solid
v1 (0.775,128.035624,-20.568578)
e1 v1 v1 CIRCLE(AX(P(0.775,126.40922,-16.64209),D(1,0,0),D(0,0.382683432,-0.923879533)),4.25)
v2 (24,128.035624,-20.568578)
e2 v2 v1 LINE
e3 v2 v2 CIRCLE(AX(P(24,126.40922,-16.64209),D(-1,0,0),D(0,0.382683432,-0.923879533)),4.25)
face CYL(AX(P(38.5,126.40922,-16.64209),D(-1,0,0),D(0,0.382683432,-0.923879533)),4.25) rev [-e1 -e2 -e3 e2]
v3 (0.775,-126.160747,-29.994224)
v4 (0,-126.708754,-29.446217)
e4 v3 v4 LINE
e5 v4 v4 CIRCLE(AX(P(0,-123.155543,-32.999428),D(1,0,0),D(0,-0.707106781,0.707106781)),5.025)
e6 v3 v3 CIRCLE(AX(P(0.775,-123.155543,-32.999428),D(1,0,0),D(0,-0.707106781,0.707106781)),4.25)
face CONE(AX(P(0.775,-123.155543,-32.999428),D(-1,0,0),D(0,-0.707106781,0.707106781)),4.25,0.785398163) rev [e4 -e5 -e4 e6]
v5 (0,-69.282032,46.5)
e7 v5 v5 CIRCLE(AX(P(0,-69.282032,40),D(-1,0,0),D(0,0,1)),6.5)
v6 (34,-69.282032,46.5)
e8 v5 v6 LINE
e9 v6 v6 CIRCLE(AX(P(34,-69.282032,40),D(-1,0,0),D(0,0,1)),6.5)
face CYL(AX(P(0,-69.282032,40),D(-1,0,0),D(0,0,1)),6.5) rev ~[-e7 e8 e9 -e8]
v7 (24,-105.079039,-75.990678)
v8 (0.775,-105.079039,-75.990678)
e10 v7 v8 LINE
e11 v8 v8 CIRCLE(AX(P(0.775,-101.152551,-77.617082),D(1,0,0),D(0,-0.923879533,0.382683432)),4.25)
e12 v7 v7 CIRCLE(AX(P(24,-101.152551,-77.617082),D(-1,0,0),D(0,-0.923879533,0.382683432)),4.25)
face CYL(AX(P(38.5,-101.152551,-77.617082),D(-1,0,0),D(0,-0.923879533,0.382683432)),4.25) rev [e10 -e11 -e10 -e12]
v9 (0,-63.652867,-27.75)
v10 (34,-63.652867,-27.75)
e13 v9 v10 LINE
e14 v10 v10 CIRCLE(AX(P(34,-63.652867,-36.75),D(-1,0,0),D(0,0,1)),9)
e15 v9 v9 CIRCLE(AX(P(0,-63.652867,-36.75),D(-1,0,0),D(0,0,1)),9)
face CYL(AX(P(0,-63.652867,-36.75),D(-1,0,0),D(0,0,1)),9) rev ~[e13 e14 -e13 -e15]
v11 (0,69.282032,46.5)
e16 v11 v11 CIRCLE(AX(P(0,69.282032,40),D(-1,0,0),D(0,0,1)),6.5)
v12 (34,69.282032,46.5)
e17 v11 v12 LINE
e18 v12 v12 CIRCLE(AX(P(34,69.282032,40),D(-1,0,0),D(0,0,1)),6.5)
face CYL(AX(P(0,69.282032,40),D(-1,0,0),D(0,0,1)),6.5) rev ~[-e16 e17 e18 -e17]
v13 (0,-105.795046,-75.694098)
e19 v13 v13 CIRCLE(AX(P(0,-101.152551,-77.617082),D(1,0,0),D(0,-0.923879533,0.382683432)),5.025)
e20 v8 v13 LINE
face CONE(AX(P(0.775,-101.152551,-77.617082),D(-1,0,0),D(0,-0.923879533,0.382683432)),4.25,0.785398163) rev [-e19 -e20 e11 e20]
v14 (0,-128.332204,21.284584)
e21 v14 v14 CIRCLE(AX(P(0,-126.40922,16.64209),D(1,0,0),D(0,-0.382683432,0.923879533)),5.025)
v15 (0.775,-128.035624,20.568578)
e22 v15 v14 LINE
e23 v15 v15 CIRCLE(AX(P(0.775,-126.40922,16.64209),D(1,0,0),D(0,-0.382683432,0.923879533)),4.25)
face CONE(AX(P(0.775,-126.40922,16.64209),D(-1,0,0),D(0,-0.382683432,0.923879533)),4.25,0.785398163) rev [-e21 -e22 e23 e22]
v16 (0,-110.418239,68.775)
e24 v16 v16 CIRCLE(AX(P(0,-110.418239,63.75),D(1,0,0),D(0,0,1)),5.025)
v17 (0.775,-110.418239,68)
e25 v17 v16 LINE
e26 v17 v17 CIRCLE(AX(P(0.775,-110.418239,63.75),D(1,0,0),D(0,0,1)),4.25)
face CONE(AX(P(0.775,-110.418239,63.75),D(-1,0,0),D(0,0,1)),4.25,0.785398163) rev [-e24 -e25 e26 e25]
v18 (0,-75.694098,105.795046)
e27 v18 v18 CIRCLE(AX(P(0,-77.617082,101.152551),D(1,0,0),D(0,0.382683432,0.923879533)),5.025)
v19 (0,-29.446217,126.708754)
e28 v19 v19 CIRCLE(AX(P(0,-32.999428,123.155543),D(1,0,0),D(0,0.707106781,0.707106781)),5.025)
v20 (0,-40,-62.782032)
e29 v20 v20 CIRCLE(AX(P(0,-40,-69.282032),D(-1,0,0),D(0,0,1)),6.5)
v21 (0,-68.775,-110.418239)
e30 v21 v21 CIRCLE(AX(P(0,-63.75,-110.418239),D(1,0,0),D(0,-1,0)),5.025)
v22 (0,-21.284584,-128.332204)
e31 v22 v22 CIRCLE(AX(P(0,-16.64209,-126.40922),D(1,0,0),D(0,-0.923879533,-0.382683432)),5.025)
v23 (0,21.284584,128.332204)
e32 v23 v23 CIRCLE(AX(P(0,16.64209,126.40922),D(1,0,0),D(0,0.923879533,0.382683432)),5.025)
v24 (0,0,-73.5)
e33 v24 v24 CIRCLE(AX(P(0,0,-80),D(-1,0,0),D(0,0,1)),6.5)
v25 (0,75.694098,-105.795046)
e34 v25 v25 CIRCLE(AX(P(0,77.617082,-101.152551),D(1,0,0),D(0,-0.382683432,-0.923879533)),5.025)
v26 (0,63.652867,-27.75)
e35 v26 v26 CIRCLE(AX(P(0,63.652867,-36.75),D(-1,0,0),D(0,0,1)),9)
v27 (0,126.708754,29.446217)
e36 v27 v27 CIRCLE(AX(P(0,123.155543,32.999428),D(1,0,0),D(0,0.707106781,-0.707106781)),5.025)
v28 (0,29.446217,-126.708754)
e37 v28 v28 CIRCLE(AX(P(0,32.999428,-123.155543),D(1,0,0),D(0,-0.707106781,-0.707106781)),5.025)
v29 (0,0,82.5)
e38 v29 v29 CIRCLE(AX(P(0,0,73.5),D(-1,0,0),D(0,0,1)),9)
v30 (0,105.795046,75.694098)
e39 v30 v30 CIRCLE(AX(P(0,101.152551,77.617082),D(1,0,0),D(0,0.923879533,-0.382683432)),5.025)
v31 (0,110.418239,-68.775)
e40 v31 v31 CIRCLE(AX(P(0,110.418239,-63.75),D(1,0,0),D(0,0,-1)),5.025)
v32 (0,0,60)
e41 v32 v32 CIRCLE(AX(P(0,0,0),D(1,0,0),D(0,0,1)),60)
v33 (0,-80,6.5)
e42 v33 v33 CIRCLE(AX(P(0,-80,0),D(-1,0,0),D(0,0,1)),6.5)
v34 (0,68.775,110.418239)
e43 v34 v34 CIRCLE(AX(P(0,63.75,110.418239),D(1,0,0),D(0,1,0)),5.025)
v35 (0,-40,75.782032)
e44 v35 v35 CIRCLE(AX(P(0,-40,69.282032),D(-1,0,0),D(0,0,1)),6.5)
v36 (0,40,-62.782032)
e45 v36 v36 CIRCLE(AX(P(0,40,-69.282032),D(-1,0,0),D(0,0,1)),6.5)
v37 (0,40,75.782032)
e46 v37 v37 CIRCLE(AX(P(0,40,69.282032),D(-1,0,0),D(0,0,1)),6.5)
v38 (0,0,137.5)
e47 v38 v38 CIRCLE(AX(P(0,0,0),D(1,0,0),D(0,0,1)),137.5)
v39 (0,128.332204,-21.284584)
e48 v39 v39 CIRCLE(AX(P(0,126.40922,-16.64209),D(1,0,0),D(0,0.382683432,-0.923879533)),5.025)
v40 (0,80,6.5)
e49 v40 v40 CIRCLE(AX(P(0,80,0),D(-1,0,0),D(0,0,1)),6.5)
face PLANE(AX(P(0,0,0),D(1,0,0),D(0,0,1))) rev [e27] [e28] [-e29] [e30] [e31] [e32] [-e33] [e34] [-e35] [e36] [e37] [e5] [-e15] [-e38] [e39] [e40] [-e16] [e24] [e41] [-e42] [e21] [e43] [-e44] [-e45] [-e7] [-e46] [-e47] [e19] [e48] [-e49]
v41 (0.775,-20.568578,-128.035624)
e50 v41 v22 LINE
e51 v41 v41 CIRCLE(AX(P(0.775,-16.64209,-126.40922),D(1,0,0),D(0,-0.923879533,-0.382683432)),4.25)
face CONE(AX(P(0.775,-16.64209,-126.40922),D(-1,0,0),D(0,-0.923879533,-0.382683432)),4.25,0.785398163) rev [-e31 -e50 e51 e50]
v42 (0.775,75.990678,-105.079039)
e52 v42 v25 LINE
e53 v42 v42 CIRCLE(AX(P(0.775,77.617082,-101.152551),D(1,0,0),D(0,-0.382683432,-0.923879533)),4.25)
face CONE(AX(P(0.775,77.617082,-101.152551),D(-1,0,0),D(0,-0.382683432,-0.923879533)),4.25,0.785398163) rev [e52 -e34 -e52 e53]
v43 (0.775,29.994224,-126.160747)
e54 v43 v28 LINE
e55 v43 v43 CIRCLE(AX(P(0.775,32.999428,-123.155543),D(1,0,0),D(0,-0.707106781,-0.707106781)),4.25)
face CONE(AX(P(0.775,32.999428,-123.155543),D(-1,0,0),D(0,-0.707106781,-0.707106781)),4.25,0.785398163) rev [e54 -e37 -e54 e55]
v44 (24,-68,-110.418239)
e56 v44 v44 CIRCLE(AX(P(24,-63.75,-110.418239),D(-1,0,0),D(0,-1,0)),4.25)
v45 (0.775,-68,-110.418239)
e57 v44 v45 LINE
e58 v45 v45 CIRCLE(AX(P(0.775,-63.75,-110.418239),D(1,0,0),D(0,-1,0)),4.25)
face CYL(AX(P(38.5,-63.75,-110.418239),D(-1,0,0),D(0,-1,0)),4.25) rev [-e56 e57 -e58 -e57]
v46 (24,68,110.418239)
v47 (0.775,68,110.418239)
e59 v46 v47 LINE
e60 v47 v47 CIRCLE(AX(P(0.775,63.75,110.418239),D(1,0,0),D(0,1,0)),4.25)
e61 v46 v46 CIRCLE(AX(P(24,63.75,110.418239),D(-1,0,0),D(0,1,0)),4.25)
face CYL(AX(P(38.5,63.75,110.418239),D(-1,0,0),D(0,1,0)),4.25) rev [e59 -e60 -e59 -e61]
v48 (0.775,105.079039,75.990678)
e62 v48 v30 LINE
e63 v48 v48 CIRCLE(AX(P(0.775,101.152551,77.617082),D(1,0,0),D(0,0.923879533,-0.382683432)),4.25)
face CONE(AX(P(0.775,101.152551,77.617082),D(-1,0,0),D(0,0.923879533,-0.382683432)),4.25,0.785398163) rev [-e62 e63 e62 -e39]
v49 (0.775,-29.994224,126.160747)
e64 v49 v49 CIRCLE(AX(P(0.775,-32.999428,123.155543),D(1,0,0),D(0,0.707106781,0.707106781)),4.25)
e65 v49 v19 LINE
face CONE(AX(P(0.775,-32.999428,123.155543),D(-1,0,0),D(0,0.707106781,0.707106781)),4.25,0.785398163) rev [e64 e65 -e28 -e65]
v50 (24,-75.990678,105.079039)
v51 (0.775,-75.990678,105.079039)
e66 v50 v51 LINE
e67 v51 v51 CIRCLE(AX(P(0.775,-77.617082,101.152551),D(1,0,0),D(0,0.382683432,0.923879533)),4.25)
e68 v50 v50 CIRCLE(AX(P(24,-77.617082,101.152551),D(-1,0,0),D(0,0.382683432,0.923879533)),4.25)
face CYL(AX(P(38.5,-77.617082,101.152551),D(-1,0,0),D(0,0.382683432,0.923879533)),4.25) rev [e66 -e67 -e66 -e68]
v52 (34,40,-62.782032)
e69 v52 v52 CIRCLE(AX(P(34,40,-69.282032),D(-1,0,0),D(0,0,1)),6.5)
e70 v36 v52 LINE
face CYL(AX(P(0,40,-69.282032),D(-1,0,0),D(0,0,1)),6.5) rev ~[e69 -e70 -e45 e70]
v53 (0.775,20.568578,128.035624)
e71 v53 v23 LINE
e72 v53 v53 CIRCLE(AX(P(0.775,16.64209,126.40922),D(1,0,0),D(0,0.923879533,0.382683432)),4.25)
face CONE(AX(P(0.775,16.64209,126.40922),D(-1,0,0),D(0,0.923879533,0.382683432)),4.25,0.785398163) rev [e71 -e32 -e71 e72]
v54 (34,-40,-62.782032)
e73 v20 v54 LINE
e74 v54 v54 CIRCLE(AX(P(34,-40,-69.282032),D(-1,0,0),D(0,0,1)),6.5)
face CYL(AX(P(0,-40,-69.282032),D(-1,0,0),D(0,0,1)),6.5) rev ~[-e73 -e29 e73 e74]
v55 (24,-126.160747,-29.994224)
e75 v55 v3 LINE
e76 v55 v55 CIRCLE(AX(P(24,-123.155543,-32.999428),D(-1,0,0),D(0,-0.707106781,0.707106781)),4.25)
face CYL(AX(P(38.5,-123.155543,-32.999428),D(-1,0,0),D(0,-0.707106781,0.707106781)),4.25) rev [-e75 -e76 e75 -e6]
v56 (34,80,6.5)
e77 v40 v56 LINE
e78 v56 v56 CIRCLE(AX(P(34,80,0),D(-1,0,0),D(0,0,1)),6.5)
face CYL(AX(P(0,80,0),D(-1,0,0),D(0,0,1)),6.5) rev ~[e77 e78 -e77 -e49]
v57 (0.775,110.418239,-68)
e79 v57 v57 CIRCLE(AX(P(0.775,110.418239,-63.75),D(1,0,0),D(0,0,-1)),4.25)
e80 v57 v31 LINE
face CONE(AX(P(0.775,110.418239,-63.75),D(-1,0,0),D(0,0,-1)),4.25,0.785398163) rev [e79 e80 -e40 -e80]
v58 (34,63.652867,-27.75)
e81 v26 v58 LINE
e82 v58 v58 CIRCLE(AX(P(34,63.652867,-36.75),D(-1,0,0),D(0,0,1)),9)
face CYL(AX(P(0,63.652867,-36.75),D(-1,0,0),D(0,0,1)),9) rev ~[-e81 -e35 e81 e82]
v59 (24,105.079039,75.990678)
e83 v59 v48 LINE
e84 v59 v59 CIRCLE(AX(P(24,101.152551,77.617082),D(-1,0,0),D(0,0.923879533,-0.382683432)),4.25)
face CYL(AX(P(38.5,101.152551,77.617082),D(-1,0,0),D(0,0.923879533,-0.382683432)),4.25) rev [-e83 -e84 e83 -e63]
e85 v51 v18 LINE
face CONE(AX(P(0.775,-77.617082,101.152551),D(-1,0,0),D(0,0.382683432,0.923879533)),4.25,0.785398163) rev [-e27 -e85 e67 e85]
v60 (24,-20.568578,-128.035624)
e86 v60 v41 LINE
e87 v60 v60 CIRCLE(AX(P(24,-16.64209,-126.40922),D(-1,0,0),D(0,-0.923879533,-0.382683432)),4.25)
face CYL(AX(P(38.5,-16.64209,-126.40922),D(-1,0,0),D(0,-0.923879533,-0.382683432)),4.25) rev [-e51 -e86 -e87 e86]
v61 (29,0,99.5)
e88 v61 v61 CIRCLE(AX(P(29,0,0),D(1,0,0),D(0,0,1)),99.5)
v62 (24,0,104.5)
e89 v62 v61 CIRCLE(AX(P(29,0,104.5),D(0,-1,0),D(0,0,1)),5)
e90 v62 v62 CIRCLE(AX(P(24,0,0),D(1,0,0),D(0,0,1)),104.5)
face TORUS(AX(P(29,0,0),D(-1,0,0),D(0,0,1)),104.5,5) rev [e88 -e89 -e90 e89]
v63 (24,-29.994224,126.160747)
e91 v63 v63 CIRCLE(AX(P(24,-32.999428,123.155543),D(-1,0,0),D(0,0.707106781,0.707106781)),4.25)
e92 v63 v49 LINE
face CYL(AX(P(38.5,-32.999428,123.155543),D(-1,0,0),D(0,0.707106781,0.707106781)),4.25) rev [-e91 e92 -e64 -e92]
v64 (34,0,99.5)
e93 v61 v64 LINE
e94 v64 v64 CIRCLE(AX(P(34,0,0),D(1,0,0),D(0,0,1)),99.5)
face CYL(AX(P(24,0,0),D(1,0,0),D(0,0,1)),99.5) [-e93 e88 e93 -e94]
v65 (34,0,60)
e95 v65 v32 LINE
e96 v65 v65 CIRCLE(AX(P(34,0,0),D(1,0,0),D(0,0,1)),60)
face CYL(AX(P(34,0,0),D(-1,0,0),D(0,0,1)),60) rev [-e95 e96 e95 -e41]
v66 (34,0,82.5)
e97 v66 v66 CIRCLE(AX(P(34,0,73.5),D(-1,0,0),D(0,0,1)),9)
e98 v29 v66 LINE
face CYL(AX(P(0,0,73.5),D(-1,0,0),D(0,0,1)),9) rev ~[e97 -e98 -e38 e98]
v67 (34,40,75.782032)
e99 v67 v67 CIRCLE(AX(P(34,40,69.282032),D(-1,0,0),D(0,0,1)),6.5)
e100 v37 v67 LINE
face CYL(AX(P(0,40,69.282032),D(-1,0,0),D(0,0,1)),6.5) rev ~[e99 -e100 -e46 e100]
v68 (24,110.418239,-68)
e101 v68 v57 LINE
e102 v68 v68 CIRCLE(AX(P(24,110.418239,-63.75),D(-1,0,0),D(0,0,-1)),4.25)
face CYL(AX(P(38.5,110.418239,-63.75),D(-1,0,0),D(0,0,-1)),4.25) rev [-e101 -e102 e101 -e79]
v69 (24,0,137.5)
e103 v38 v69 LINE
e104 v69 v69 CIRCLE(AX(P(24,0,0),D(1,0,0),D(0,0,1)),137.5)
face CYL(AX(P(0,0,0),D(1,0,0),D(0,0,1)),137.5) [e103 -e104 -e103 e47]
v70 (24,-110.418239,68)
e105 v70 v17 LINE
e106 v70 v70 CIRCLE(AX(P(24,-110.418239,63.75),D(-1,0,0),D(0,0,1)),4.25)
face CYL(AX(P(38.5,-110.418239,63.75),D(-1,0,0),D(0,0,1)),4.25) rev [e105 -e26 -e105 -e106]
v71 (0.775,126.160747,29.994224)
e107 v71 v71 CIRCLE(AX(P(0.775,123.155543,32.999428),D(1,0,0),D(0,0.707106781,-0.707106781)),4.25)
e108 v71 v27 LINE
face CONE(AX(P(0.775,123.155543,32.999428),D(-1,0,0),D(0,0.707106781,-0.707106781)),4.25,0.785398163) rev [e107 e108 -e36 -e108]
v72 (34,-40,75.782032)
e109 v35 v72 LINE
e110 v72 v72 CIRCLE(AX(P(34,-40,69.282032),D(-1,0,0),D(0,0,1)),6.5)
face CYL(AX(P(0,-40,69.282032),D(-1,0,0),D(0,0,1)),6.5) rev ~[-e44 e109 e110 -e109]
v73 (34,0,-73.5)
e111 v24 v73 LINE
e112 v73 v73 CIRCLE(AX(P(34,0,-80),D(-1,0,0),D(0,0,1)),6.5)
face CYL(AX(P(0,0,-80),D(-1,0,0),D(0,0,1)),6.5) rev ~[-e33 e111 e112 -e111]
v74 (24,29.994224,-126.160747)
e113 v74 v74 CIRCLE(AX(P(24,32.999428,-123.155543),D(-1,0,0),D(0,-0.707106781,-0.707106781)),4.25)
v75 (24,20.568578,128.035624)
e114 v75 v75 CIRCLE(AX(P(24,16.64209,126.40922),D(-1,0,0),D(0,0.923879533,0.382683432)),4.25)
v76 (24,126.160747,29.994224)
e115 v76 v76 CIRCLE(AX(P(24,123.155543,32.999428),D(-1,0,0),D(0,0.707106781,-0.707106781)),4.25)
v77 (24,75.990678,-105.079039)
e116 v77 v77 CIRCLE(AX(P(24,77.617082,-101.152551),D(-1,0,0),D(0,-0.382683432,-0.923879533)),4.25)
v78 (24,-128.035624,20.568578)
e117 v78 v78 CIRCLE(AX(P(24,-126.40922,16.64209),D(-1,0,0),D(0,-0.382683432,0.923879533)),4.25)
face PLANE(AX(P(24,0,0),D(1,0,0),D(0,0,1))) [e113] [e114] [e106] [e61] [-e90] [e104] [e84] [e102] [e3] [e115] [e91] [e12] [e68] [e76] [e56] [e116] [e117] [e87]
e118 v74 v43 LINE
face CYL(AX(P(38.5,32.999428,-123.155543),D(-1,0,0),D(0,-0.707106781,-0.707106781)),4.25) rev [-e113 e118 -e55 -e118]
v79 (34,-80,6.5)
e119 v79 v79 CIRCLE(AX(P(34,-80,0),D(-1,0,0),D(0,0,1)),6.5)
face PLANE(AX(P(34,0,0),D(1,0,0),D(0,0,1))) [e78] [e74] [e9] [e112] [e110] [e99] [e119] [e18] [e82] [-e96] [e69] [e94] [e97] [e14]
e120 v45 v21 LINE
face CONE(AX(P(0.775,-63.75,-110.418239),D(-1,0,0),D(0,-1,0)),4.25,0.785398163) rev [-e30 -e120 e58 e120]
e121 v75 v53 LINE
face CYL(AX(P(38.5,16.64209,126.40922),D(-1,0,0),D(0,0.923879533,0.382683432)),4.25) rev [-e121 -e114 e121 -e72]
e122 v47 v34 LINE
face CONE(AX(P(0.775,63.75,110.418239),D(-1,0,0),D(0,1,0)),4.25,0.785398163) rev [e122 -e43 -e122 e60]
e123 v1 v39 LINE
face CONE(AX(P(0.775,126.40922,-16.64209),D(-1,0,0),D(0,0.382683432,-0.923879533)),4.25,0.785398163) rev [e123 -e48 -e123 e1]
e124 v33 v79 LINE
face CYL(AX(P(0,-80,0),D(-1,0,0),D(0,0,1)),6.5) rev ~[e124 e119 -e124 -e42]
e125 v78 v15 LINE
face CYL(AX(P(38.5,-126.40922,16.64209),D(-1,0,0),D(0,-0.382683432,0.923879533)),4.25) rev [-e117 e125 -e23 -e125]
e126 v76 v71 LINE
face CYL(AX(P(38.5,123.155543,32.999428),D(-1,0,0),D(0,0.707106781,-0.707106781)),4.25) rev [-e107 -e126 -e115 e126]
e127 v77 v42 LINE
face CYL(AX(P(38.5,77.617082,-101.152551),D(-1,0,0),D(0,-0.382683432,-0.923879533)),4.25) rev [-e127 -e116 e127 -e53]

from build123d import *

# Parameters (mm, degrees)
CIRPATTERN2_COUNT  = 16
FILLET1_R          = 5
SKETCH7_R          = 9
CUT_EXTRUDE1_DEPTH = 198.404407246
SKETCH3_R          = 6.5
CUT_EXTRUDE2_DEPTH = 198.404407246


with BuildPart() as part:
    # Sketch1 → Revolve1 (revolve)
    with BuildSketch(Plane.XY, mode=Mode.PRIVATE) as revolve1_sk:
        Polygon((24, 137.5), (24, 99.5), (34, 99.5), (34, 60), (0, 60), (0, 137.5), align=None)
    revolve(revolve1_sk.sketch.rotate(Axis((0, 0, 0), (1, 0, 0)), 90), axis=Axis((0, 0, 0), (1, 0, 0)))

    # Sketch6 → M10 Tapped Hole1 (revolve, cut)
    with BuildSketch(Plane(origin=(0, -110.418238983, 63.75), x_dir=(0, 0, 1), z_dir=(0, 1, 0))):
        Polygon((0, 0), (0, 41.053657631), (4.25, 38.5), (4.25, 0.775), (5.025, 0), align=None)
    m10_tapped_hole1 = revolve(axis=Axis((-6.35, -110.418238983, 63.75), (1, 0, 0)), mode=Mode.SUBTRACT)

    # CirPattern2: M10 Tapped Hole1 ×16 about axis
    cirpattern2_axis = Axis((0, 0, 0), (1, 0, 0))
    for i in range(1, CIRPATTERN2_COUNT):
        add(m10_tapped_hole1.rotate(cirpattern2_axis, i * 360 / CIRPATTERN2_COUNT), mode=Mode.SUBTRACT)

    # Fillet1
    fillet1_edges = [part.edges().sort_by_distance(p)[0] for p in [
        (24, 0, -99.5),
    ]]
    fillet(fillet1_edges, radius=FILLET1_R)

    # Sketch7 → Cut-Extrude1 (cut, through all)
    with BuildSketch(Plane.ZY):
        with Locations((73.5, 0)):
            Circle(SKETCH7_R)
        with Locations((-36.75, -63.652867178)):
            Circle(SKETCH7_R)
        with Locations((-36.75, 63.652867178)):
            Circle(SKETCH7_R)
    extrude(amount=-CUT_EXTRUDE1_DEPTH, mode=Mode.SUBTRACT)

    # Sketch3 → Cut-Extrude2 (cut, through all)
    with BuildSketch(Plane.ZY):
        with Locations((0, 80)):
            Circle(SKETCH3_R)
        with Locations((40, 69.282032303)):
            Circle(SKETCH3_R)
        with Locations((69.282032303, 40)):
            Circle(SKETCH3_R)
        with Locations((69.282032303, -40)):
            Circle(SKETCH3_R)
        with Locations((40, -69.282032303)):
            Circle(SKETCH3_R)
        with Locations((0, -80)):
            Circle(SKETCH3_R)
        with Locations((-69.282032303, -40)):
            Circle(SKETCH3_R)
        with Locations((-80, 0)):
            Circle(SKETCH3_R)
        with Locations((-69.282032303, 40)):
            Circle(SKETCH3_R)
    extrude(amount=-CUT_EXTRUDE2_DEPTH, mode=Mode.SUBTRACT)


solid = part.part
